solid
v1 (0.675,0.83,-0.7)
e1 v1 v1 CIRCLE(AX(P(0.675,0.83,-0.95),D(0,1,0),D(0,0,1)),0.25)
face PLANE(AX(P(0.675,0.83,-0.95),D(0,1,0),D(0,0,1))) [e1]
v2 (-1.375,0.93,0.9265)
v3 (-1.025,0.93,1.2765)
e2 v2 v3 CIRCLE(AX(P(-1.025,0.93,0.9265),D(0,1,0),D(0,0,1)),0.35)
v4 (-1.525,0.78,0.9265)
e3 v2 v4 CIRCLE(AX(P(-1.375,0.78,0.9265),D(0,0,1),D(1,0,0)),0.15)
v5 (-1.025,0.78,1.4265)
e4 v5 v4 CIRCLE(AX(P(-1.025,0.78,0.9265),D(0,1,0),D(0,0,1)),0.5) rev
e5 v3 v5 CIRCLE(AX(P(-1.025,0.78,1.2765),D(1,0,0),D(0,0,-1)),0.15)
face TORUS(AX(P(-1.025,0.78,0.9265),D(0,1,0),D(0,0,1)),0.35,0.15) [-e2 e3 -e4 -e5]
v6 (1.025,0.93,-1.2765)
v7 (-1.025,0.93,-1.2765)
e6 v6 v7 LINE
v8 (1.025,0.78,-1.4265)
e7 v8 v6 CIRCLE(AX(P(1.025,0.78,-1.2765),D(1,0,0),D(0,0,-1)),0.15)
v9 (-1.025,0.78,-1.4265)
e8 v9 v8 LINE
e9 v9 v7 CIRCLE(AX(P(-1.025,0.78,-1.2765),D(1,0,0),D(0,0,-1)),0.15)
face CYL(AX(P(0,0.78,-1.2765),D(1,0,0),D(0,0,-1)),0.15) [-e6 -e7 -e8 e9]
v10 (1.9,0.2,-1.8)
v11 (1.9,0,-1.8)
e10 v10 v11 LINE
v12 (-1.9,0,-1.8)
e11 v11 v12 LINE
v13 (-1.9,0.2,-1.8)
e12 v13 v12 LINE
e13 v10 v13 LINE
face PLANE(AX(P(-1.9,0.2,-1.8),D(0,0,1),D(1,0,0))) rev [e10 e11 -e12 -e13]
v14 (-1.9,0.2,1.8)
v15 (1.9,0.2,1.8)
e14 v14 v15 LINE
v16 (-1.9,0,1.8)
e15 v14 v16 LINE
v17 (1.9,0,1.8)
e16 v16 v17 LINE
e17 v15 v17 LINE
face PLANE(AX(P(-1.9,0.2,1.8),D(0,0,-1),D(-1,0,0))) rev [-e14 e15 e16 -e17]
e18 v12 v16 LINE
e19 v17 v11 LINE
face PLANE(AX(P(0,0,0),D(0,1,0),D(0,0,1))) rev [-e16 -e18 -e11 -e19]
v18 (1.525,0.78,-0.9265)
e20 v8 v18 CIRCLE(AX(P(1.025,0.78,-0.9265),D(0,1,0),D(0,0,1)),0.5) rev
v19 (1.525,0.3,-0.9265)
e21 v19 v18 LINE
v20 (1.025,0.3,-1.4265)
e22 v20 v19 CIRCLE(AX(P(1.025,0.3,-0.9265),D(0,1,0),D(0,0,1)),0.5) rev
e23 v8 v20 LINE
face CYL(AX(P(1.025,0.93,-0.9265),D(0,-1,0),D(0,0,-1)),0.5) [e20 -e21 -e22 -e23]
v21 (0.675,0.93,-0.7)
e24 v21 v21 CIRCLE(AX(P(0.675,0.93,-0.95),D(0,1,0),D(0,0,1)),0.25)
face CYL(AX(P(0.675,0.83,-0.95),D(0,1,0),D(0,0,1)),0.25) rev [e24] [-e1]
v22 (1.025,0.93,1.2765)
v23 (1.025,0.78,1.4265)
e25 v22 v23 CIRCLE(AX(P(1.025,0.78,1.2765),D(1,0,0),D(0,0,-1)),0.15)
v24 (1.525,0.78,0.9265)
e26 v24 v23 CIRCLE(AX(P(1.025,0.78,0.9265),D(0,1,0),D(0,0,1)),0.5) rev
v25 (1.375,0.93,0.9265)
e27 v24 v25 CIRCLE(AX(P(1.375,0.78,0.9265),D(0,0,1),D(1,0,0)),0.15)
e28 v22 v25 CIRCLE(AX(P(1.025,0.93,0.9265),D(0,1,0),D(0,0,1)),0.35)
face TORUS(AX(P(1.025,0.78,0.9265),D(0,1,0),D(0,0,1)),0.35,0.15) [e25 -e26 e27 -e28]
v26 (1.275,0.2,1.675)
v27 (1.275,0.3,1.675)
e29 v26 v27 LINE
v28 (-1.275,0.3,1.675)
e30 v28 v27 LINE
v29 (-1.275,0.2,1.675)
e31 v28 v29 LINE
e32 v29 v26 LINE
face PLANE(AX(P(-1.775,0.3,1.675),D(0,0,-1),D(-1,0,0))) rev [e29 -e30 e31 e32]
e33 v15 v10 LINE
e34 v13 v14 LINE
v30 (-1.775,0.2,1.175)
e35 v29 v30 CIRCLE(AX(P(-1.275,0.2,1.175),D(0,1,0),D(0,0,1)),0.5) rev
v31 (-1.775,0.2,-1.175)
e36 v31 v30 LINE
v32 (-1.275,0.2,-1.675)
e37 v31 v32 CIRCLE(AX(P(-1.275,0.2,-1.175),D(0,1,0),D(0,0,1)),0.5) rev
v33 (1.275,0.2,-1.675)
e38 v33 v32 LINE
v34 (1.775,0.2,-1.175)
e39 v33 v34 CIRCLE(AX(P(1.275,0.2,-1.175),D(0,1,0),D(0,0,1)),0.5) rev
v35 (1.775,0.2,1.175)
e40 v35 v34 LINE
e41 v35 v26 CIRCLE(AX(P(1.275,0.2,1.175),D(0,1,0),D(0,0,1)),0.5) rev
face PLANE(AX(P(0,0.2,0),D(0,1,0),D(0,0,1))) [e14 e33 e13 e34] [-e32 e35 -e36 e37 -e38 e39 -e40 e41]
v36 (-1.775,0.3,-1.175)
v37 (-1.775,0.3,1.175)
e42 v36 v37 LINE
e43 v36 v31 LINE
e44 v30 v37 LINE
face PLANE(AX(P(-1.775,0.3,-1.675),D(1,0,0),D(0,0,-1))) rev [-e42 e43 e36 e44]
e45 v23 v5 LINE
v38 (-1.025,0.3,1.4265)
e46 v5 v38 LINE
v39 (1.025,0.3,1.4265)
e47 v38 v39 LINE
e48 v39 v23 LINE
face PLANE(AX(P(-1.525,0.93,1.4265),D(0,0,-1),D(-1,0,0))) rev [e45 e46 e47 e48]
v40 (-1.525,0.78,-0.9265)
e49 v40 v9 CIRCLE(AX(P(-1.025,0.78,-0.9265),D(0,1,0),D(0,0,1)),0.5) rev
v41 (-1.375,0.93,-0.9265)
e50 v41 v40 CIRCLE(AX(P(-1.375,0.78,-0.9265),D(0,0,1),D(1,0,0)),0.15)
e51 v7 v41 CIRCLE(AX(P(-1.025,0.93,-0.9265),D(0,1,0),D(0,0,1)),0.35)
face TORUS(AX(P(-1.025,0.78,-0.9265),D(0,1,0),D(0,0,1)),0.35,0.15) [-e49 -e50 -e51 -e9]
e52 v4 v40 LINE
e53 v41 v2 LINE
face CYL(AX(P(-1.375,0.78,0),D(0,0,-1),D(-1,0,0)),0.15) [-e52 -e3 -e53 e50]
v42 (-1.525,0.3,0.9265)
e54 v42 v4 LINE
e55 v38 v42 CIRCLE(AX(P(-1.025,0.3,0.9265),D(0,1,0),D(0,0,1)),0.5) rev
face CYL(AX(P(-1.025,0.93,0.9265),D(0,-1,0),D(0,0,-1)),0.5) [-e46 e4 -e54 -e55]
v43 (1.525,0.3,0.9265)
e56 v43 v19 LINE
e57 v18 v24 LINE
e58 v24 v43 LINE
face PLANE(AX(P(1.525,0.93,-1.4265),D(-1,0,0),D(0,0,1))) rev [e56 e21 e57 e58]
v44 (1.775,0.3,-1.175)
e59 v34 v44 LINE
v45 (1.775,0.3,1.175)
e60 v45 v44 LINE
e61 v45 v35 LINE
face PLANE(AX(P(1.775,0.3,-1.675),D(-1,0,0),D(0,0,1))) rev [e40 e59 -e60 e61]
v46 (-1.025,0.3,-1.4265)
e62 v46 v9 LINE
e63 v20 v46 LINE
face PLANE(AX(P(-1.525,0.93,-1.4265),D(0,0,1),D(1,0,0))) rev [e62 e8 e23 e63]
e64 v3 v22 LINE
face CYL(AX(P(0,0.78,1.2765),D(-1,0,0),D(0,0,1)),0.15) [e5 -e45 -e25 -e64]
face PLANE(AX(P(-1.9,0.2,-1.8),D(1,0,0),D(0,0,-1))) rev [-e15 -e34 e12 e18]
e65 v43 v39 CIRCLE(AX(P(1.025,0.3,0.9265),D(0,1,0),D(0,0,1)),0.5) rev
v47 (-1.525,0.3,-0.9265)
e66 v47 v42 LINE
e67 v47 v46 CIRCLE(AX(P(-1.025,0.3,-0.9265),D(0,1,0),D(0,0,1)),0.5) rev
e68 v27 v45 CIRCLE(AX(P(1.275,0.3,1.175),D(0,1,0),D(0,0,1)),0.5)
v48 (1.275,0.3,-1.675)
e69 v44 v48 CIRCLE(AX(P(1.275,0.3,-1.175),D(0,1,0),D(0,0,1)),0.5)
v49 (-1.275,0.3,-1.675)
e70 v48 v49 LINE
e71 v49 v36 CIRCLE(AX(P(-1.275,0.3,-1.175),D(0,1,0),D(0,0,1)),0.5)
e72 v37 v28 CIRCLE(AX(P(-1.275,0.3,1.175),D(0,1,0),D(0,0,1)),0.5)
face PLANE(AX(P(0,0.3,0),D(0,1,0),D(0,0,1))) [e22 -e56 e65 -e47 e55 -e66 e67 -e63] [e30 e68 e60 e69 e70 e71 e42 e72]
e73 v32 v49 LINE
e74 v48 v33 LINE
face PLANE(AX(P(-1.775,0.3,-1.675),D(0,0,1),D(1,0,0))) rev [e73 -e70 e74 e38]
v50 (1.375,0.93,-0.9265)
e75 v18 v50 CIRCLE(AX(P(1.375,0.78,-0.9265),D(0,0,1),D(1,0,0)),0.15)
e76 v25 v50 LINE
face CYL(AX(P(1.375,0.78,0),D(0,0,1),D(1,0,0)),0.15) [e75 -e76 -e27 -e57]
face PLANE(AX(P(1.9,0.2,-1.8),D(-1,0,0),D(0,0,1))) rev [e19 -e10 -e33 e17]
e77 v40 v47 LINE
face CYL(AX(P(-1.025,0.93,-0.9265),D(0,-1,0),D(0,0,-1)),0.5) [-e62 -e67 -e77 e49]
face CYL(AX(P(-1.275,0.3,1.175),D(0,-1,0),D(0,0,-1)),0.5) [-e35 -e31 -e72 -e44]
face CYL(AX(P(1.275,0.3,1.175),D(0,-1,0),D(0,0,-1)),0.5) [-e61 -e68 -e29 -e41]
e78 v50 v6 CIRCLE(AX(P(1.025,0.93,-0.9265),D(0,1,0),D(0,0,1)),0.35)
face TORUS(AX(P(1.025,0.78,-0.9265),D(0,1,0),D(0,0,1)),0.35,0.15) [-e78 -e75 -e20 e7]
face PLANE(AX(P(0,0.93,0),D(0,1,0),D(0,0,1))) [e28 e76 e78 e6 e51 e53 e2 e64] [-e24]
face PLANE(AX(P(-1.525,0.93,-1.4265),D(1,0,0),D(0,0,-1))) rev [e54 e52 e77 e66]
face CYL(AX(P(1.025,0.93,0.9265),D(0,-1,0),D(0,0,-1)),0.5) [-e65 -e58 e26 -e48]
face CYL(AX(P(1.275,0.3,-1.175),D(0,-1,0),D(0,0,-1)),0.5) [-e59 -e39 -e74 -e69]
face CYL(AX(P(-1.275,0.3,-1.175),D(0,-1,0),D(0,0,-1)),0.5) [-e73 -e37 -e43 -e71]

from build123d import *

# Parameters (mm, degrees)
SKETCH1_W           = 3.8
SKETCH1_H           = 3.6
BOSS_EXTRUDE1_DEPTH = 0.2
SKETCH3_W           = 3.55
SKETCH3_H           = 3.35
BOSS_EXTRUDE2_DEPTH = 0.1
FILLET1_R           = 0.5
SKETCH4_W           = 3.05
SKETCH4_H           = 2.853
BOSS_EXTRUDE3_DEPTH = 0.63
FILLET2_R           = 0.5
FILLET5_R           = 0.15
SKETCH5_R           = 0.25
CUT_EXTRUDE1_DEPTH  = 0.1


with BuildPart() as part:
    # Sketch1 → Boss-Extrude1 (new body)
    with BuildSketch(Plane(origin=(0, 0, 0), x_dir=(1, 0, 0), z_dir=(0, 1, 0))):
        Rectangle(SKETCH1_W, SKETCH1_H)
    extrude(amount=BOSS_EXTRUDE1_DEPTH)

    # Sketch3 → Boss-Extrude2 (add)
    with BuildSketch(Plane(origin=(0, 0.2, 0), x_dir=(1, 0, 0), z_dir=(0, 1, 0))):
        Rectangle(SKETCH3_W, SKETCH3_H)
    extrude(amount=BOSS_EXTRUDE2_DEPTH)

    # Fillet1
    fillet1_edges = [part.edges().sort_by_distance(p)[0] for p in [
        (1.775, 0.25, 1.675),
        (1.775, 0.25, -1.675),
        (-1.775, 0.25, -1.675),
        (-1.775, 0.25, 1.675),
    ]]
    fillet(fillet1_edges, radius=FILLET1_R)

    # Sketch4 → Boss-Extrude3 (add)
    with BuildSketch(Plane(origin=(0, 0.3, 0), x_dir=(1, 0, 0), z_dir=(0, 1, 0))):
        Rectangle(SKETCH4_W, SKETCH4_H)
    extrude(amount=BOSS_EXTRUDE3_DEPTH)

    # Fillet2
    fillet2_edges = [part.edges().sort_by_distance(p)[0] for p in [
        (1.525, 0.615, 1.4265),
        (1.525, 0.615, -1.4265),
        (-1.525, 0.615, -1.4265),
        (-1.525, 0.615, 1.4265),
    ]]
    fillet(fillet2_edges, radius=FILLET2_R)

    # Fillet5
    fillet5_edges = [part.edges().sort_by_distance(p)[0] for p in [
        (0, 0.93, -1.4265),
        (1.525, 0.93, 0),
        (-1.525, 0.93, 0),
        (0, 0.93, 1.4265),
        (-1.378553391, 0.93, 1.280053391),
        (-1.378553391, 0.93, -1.280053391),
        (1.378553391, 0.93, 1.280053391),
        (1.378553391, 0.93, -1.280053391),
    ]]
    fillet(fillet5_edges, radius=FILLET5_R)

    # Sketch5 → Cut-Extrude1 (cut)
    with BuildSketch(Plane(origin=(0, 0.93, 0), x_dir=(1, 0, 0), z_dir=(0, 1, 0))):
        with Locations((0.675, 0.95)):
            Circle(SKETCH5_R)
    extrude(amount=-CUT_EXTRUDE1_DEPTH, mode=Mode.SUBTRACT)


solid = part.part
